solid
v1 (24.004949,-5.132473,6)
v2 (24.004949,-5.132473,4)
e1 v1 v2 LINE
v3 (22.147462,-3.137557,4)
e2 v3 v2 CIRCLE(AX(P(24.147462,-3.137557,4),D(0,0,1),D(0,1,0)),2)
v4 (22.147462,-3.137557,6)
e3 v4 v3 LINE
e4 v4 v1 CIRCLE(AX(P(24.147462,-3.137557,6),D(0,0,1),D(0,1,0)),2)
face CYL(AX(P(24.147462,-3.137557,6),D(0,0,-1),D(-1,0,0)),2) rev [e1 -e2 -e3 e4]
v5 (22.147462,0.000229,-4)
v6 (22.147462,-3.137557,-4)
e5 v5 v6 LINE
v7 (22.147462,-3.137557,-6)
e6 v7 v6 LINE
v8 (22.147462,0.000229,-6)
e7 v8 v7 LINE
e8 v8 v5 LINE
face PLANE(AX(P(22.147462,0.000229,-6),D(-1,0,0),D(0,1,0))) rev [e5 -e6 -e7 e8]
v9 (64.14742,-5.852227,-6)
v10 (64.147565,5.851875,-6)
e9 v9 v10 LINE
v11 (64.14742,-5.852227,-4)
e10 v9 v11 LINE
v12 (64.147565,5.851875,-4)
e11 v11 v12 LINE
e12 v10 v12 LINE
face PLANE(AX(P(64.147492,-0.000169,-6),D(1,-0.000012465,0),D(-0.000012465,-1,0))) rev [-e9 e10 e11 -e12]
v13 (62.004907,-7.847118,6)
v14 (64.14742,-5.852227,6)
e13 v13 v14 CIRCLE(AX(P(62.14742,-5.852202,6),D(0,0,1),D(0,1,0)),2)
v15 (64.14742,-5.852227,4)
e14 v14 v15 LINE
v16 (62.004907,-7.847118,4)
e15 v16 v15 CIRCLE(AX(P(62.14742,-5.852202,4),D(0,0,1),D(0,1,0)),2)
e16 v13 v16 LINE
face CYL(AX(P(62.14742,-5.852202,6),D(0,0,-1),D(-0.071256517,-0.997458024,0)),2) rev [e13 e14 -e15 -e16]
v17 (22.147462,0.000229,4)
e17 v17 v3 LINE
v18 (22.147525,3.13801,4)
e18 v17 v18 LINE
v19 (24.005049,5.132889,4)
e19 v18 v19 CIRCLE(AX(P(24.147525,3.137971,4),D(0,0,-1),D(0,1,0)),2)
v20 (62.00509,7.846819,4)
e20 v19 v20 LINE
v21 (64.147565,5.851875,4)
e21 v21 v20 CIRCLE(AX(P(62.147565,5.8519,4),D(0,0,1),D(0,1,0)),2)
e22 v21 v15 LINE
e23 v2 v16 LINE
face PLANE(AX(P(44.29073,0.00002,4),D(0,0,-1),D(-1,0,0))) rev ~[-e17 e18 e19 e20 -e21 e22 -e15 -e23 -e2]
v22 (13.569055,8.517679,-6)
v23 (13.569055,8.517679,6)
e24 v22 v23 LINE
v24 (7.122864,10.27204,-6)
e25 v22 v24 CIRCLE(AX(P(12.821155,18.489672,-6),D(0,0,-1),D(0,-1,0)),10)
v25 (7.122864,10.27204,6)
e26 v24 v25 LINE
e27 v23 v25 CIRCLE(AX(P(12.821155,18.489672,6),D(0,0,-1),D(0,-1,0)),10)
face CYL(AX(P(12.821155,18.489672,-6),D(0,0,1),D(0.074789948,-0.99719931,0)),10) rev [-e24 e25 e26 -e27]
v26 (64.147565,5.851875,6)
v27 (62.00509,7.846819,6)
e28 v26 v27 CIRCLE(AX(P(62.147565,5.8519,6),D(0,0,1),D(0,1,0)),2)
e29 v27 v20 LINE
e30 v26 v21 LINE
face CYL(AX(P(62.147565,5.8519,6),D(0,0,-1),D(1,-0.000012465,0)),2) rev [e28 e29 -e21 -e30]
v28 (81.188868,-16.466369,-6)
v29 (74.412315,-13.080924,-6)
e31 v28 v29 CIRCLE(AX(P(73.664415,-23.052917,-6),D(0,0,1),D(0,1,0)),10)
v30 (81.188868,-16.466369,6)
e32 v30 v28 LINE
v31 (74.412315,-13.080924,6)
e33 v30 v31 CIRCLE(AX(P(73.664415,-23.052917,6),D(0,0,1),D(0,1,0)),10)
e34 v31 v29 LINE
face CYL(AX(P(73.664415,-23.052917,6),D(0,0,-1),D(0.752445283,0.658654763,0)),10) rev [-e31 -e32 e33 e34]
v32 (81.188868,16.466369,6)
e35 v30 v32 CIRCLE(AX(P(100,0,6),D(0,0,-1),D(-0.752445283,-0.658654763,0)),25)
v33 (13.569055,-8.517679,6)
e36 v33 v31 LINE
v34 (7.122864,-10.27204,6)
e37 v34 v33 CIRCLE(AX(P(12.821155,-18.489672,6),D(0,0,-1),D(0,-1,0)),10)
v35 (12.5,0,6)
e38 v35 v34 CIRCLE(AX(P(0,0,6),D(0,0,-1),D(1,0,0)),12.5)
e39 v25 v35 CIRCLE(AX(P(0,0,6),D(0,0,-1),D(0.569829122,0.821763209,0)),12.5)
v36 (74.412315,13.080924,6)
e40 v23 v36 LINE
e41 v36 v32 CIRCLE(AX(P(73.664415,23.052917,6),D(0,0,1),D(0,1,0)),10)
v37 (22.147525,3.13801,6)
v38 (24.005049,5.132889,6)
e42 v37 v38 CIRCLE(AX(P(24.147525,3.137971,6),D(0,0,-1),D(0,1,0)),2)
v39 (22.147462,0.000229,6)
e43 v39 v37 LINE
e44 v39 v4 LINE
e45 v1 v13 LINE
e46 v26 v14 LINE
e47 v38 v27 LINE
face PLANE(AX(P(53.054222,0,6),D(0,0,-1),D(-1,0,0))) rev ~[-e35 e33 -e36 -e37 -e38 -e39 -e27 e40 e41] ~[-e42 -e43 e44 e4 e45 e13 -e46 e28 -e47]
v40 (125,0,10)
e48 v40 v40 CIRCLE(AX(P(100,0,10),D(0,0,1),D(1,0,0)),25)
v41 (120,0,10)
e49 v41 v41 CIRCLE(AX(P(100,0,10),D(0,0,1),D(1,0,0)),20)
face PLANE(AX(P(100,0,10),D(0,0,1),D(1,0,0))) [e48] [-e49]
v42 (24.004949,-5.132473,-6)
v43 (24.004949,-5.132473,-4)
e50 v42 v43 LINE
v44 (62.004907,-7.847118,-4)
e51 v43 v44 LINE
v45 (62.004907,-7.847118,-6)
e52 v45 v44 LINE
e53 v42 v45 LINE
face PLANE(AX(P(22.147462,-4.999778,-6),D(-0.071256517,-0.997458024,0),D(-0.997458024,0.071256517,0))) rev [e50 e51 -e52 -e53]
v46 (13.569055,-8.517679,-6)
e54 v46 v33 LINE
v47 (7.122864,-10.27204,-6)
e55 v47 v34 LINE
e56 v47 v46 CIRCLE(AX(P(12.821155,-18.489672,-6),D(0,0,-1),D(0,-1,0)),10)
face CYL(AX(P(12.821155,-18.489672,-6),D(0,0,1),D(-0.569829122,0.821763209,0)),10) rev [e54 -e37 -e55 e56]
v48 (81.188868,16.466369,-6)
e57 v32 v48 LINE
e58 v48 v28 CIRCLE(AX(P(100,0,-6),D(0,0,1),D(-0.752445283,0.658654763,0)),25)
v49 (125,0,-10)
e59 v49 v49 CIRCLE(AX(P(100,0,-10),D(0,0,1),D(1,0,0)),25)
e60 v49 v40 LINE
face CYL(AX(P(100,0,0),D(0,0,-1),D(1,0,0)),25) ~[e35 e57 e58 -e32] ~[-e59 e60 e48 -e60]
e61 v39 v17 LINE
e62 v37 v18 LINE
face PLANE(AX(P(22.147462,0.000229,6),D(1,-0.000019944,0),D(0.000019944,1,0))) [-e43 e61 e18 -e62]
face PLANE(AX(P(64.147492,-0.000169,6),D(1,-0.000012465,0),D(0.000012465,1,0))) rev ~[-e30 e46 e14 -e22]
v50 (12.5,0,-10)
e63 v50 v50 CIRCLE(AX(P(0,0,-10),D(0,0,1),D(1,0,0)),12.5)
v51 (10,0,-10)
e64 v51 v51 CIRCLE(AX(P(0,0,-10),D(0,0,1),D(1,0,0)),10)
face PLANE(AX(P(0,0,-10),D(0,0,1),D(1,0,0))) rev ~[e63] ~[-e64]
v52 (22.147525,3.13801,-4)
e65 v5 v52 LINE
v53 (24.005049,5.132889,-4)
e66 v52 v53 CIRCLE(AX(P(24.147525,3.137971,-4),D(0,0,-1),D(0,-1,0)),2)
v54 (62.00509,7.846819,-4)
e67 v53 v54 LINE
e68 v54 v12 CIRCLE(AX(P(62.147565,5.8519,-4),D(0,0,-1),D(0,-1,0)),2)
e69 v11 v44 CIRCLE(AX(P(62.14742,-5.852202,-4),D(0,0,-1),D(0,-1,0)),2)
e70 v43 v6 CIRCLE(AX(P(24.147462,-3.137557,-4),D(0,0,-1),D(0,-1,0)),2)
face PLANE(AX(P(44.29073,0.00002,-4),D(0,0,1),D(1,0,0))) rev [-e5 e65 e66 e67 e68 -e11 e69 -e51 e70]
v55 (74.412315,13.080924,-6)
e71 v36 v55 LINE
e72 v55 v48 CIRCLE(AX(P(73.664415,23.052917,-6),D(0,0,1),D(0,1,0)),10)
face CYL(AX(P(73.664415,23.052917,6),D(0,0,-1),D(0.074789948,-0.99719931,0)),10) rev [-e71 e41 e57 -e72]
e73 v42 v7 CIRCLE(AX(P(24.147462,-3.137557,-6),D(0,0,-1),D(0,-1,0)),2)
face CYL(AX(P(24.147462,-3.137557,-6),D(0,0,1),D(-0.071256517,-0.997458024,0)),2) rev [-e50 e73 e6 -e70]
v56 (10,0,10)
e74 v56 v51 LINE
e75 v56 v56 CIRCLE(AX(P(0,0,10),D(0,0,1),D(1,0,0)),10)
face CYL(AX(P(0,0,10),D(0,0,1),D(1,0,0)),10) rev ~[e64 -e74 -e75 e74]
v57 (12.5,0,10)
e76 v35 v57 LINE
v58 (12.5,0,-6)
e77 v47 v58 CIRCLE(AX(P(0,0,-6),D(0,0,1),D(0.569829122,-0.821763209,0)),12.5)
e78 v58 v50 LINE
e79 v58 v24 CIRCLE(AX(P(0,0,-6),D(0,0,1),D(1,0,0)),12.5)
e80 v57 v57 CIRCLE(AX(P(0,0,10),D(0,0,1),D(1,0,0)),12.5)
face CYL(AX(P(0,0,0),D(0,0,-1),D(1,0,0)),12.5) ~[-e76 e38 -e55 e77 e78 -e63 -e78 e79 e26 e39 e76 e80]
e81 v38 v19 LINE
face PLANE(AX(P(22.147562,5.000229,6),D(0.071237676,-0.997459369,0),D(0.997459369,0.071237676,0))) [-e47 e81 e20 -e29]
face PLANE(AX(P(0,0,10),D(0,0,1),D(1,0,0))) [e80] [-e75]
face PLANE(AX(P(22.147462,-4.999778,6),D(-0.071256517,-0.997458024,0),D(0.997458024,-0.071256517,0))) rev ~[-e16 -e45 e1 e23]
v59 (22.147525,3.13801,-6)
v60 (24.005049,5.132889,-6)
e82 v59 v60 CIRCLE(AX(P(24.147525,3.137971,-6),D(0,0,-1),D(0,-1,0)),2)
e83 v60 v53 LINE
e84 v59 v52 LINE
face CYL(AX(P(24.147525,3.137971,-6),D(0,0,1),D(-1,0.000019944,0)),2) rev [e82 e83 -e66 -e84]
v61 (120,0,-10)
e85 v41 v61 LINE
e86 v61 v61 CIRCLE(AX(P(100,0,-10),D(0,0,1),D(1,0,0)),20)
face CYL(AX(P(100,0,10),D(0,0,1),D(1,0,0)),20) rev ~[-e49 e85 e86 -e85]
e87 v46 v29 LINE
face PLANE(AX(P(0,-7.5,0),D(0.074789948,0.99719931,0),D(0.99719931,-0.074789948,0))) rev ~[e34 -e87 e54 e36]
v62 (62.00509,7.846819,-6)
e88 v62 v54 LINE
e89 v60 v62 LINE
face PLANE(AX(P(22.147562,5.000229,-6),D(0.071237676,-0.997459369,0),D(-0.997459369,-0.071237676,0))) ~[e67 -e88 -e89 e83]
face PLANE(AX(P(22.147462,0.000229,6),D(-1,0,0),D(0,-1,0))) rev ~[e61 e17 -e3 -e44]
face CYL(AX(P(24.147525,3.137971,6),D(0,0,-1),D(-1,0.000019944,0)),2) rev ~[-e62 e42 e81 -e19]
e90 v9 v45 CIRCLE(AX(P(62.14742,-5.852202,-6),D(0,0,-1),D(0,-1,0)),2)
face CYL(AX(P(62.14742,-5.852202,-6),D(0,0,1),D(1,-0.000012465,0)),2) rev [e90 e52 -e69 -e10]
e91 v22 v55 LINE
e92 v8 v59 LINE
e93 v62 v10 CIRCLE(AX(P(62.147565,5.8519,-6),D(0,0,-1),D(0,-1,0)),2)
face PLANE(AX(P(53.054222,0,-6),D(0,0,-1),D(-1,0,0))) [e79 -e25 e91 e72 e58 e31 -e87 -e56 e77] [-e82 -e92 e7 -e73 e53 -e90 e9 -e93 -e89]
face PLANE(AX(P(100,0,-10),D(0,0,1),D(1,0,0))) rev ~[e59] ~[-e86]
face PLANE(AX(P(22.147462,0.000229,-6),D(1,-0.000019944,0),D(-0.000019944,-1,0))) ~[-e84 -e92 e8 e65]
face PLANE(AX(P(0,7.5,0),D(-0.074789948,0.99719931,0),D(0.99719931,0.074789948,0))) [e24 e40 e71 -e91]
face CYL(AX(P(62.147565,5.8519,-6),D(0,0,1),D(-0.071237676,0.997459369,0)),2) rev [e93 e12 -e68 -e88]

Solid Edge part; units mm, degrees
sketch "Sketch1" plane through (0, 0, 0) normal (0, 0, 1) x (1, 0, 0)
  line L0 (0, 0) -> (0, 7.5)
  line L1 (0, 7.5) -> (100, 15)
  line L2 (100, 0) -> (100, 15)
  line L3 (100, 0) -> (100, -15)
  line L4 (0, -7.5) -> (100, -15)
  line L5 (0, 0) -> (0, -7.5)
  dimension "D1" = 7.5
  dimension "D2" = 7.5
  dimension "D3" = 15
  dimension "D4" = 15
extrude "Protrusion1" add sketch "Sketch1" along normal mid plane 12
sketch "Sketch2" plane through (0, 0, 0) normal (0, 0, 1) x (1, 0, 0)
  circle A0 centre (100, 0) radius 25
  circle A1 centre (0, 0) radius 12.5
  dimension "D1" = 25
  dimension "D2" = 50
extrude "ExtrudedProtrusion_2" add sketch "Sketch2" along normal mid plane 20
sketch "Sketch3" plane through (0, 0, 10) normal (0, 0, 1) x (1, 0, 0)
  circle A0 centre (100, 0) radius 20
  circle A1 centre (0, 0) radius 10
  dimension "D1" = 20
  dimension "D2" = 40
extrude "ExtrudedCutout_1" cut sketch "Sketch3" against normal blind 35.3576
fillet "Round_1" radius 10 4 edges at (9.4283, 8.2071, 0) (78.906, 13.4179, 0) (9.4283, -8.2071, 0) (78.906, -13.4179, 0)
sketch "Sketch4" plane through (44.1559, 0, 6) normal (0, 0, 1) x (0.9972, -0.0748, 0)
  line L0 (-21.9468, -1.646) -> (-22.3207, 3.34)
  line L1 (-22.3207, 3.34) -> (19.3373, 9.4728)
  line L2 (19.9356, 1.4952) -> (19.3373, 9.4728)
  line L3 (19.9356, 1.4952) -> (20.5339, -6.4824)
  line L4 (-21.5728, -6.632) -> (20.5339, -6.4824)
  line L5 (-21.9468, -1.646) -> (-21.5728, -6.632)
  dimension "D1" = 5
  dimension "D2" = 5
  dimension "D3" = 8
  dimension "D4" = 8
extrude "ExtrudedCutout_2" cut sketch "Sketch4" against normal blind 2
mirror "Mirror1" about plane through (0, 0, 0) normal (0, 0, 1) of "ExtrudedCutout_2"
fillet "Round_3" radius 2 8 edges at (22.1475, 5, 5) (22.1475, -5, 5) (22.1475, 5, -5) (22.1475, -5, -5) (64.1475, 8, 5) (64.1475, -8, 5) (64.1475, 8, -5) (64.1475, -8, -5)
properties part number "5" material "Forged Steel"
